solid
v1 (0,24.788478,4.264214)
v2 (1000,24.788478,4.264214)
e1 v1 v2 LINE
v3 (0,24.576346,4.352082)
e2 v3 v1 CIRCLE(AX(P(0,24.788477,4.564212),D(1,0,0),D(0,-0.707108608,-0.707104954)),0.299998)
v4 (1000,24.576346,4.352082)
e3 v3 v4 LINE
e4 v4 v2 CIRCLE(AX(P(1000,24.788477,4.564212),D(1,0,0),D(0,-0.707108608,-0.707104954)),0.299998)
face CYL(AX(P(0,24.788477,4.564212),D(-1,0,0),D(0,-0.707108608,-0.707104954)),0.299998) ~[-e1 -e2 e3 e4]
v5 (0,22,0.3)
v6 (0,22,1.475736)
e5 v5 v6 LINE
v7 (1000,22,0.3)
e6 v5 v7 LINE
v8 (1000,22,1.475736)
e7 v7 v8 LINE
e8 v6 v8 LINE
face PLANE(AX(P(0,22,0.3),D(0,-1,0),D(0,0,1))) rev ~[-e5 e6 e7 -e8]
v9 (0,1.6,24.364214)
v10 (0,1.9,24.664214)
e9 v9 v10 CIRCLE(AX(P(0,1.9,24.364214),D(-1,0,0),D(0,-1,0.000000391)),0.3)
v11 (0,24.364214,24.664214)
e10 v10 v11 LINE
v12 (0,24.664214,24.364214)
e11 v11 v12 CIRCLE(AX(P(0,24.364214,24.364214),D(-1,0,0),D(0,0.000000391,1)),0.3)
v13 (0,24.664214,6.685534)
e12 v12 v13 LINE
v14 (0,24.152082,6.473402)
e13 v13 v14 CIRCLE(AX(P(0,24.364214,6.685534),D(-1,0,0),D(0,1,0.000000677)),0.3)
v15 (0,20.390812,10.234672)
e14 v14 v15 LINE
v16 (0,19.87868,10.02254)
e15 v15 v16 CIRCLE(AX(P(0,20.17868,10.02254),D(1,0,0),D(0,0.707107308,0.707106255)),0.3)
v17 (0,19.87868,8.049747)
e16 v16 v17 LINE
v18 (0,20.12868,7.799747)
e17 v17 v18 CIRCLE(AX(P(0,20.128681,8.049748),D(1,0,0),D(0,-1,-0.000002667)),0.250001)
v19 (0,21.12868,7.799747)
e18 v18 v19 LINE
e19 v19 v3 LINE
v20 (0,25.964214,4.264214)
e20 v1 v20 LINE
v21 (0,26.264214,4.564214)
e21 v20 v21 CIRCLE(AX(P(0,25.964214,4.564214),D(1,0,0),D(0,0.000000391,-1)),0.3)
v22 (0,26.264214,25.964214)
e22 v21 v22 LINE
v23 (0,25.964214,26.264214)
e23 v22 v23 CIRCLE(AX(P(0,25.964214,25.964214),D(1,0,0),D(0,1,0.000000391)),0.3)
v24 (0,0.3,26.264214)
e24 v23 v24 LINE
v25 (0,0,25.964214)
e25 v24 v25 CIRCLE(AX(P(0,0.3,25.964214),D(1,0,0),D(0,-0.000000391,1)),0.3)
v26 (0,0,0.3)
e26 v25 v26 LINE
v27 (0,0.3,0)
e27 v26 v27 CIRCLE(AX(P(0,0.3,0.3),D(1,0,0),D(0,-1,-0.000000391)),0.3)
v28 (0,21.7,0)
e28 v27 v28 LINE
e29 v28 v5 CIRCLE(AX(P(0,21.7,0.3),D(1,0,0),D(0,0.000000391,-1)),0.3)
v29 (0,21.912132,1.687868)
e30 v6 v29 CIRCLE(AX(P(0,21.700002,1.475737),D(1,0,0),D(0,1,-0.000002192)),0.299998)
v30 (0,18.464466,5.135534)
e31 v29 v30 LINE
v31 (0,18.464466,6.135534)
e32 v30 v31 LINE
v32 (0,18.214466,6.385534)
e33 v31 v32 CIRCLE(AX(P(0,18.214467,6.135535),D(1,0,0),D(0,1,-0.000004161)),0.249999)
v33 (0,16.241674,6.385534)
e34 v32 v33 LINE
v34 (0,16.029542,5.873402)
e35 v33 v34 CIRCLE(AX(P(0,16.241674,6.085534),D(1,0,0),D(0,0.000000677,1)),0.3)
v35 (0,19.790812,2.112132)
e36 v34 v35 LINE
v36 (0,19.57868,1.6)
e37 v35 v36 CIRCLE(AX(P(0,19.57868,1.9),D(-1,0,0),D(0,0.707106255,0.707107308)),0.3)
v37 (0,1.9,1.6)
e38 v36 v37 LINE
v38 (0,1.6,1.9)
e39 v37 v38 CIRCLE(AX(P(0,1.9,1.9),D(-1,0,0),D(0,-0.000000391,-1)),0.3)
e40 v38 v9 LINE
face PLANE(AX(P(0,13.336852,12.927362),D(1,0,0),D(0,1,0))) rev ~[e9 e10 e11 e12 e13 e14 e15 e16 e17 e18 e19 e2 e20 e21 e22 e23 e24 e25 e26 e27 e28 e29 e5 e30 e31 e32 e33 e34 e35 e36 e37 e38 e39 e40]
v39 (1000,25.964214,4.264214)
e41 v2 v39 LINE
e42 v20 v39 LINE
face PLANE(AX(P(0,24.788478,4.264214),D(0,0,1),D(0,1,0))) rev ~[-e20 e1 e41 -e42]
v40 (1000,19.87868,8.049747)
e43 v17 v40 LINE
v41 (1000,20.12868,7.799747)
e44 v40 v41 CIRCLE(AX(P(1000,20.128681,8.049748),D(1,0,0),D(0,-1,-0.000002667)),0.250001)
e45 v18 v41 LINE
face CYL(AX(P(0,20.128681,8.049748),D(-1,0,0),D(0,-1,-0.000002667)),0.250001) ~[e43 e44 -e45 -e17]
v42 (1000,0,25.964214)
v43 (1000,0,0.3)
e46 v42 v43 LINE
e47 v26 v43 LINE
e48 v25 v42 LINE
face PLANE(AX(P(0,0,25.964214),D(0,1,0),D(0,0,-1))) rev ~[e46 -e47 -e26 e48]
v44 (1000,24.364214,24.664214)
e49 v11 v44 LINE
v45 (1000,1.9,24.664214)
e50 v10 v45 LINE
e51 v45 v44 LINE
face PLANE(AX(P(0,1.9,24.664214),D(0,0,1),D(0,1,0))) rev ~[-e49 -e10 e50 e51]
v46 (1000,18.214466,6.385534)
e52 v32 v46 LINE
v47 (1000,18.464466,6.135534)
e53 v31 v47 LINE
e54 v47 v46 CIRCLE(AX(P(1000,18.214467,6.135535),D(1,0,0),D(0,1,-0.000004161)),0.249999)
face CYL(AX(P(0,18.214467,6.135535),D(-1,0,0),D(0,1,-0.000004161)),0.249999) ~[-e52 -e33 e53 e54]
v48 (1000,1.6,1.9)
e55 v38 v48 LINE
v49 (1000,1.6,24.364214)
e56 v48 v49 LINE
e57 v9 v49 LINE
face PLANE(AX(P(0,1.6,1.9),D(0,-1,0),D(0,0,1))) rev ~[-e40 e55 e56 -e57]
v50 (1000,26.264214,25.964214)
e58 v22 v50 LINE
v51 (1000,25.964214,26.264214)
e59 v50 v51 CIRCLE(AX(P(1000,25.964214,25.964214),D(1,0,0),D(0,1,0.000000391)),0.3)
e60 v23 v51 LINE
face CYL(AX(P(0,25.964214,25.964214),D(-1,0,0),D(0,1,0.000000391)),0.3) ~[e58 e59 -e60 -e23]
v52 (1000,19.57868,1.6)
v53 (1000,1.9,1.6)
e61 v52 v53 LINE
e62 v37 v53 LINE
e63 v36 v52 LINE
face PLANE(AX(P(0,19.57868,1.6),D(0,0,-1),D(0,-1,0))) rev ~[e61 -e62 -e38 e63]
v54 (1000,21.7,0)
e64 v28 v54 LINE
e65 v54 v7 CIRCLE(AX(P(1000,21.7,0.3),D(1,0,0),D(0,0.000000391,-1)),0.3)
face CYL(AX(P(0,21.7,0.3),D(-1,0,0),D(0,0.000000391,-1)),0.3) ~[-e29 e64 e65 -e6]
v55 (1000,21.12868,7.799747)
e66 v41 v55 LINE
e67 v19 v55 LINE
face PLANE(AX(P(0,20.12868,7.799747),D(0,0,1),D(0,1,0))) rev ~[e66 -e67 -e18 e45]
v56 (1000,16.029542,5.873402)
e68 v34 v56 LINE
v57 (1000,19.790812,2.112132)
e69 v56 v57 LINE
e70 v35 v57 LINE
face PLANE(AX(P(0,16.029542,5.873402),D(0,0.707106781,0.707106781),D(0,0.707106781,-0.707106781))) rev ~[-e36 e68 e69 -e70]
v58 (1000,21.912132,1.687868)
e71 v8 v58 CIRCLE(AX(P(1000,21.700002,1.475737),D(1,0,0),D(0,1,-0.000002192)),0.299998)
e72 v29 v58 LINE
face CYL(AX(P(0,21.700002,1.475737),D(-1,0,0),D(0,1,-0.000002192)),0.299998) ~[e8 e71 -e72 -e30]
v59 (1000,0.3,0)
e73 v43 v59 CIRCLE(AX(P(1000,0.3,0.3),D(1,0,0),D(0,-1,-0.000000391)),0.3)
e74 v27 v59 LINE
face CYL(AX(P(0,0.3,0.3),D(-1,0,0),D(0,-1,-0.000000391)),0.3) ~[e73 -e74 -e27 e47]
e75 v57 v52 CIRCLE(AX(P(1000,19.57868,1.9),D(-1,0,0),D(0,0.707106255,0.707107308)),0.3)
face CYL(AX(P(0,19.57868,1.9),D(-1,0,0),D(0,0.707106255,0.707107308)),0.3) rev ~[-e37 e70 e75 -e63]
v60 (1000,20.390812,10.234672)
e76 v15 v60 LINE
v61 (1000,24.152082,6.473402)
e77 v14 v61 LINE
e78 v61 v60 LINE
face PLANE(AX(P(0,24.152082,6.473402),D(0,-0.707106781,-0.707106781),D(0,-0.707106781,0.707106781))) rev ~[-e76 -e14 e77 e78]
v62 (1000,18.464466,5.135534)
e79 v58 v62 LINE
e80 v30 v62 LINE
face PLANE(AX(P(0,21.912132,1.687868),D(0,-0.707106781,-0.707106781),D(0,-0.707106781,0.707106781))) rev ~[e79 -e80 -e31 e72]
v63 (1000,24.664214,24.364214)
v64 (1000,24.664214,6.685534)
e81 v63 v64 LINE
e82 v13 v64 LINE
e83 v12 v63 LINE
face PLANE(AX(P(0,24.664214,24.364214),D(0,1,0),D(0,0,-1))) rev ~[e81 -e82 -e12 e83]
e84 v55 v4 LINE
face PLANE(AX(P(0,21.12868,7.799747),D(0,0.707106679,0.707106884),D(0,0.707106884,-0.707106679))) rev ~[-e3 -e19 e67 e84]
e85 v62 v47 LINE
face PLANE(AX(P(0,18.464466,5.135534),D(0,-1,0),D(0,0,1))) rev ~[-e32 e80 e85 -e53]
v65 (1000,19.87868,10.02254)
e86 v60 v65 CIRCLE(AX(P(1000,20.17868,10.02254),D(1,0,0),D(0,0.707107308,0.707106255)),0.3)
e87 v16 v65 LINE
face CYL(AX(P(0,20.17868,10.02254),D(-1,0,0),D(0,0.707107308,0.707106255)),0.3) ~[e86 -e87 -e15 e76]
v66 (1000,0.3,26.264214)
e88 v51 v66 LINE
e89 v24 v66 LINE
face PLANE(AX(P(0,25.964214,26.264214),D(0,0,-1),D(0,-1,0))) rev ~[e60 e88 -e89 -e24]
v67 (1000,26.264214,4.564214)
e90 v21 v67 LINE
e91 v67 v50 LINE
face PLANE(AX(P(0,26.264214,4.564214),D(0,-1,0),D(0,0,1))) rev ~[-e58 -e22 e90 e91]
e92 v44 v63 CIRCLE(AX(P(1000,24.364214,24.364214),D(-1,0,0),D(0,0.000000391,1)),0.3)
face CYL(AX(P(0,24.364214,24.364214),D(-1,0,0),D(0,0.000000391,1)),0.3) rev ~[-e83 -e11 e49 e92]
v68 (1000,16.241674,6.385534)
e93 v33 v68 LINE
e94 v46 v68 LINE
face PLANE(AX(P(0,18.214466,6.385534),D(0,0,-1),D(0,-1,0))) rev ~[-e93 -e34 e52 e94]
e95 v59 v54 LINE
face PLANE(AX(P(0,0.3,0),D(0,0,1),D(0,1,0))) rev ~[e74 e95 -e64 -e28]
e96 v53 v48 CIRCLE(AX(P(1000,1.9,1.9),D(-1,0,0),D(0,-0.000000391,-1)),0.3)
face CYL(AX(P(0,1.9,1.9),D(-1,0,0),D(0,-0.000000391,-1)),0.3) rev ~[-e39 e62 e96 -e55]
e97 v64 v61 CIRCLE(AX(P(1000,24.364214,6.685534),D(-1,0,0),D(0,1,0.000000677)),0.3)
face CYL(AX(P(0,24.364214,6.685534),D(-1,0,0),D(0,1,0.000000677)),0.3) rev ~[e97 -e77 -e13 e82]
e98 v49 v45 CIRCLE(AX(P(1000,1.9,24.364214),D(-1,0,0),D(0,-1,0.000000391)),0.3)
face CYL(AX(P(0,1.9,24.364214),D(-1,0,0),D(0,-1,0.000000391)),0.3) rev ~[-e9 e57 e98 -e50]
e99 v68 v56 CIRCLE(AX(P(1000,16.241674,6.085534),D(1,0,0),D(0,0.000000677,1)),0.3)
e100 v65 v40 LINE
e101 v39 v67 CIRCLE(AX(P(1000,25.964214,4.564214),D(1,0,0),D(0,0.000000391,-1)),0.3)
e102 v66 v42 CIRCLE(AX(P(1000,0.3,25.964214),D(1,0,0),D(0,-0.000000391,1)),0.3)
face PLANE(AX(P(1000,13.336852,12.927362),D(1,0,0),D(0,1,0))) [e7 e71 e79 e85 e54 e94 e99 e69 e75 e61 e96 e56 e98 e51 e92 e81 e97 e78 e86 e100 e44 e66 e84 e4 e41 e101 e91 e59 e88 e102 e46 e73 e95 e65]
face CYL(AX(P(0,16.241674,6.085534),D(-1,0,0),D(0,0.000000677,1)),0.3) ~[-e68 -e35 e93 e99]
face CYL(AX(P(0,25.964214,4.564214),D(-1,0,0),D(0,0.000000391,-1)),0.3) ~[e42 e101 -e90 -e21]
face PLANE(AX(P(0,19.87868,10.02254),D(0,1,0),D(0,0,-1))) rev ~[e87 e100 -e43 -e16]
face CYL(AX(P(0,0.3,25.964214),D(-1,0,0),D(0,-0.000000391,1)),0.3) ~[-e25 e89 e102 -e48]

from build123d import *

# Parameters (mm, degrees)
F1_DEPTH = 1000


with BuildPart() as f1:
    # F0 (on Right) → F1 (new body)
    with BuildSketch(Plane.YZ):
        with BuildLine():
            ThreePointArc((26.264214, 25.964214), (26.176346, 26.176346), (25.964214, 26.264214))
            Line((25.964214, 26.264214), (0.3, 26.264214))
            ThreePointArc((0.3, 26.264214), (0.087868, 26.176346), (0, 25.964214))
            Line((0, 25.964214), (0, 0.3))
            ThreePointArc((0, 0.3), (0.087868, 0.087868), (0.3, 0))
            Line((0.3, 0), (21.7, 0))
            ThreePointArc((21.7, 0), (21.912132, 0.087868), (22, 0.3))
            Line((22, 0.3), (22, 1.475736))
            ThreePointArc((22, 1.475736), (21.977164, 1.590541), (21.912132, 1.687868))
            Line((21.912132, 1.687868), (18.464466, 5.135534))
            Line((18.464466, 5.135534), (18.464466, 6.135534))
            ThreePointArc((18.464466, 6.135534), (18.391243, 6.312311), (18.214466, 6.385534))
            Line((18.214466, 6.385534), (16.241674, 6.385534))
            ThreePointArc((16.241674, 6.385534), (15.96451, 6.200339), (16.029542, 5.873402))
            Line((16.029542, 5.873402), (19.790812, 2.112132))
            ThreePointArc((19.790812, 2.112132), (19.855844, 1.785195), (19.57868, 1.6))
            Line((19.57868, 1.6), (1.9, 1.6))
            ThreePointArc((1.9, 1.6), (1.687868, 1.687868), (1.6, 1.9))
            Line((1.6, 1.9), (1.6, 24.364214))
            ThreePointArc((1.6, 24.364214), (1.687868, 24.576346), (1.9, 24.664214))
            Line((1.9, 24.664214), (24.364214, 24.664214))
            ThreePointArc((24.364214, 24.664214), (24.576346, 24.576346), (24.664214, 24.364214))
            Line((24.664214, 24.364214), (24.664214, 6.685534))
            ThreePointArc((24.664214, 6.685534), (24.479019, 6.40837), (24.152082, 6.473402))
            Line((24.152082, 6.473402), (20.390812, 10.234672))
            ThreePointArc((20.390812, 10.234672), (20.063875, 10.299704), (19.87868, 10.02254))
            Line((19.87868, 10.02254), (19.87868, 8.049747))
            ThreePointArc((19.87868, 8.049747), (19.951903, 7.872971), (20.12868, 7.799747))
            Line((20.12868, 7.799747), (21.12868, 7.799747))
            Line((21.12868, 7.799747), (24.576346, 4.352082))
            ThreePointArc((24.576346, 4.352082), (24.673673, 4.28705), (24.788478, 4.264214))
            Line((24.788478, 4.264214), (25.964214, 4.264214))
            ThreePointArc((25.964214, 4.264214), (26.176346, 4.352082), (26.264214, 4.564214))
            Line((26.264214, 4.564214), (26.264214, 25.964214))
        make_face()
    extrude(amount=F1_DEPTH)


solid = f1.part
